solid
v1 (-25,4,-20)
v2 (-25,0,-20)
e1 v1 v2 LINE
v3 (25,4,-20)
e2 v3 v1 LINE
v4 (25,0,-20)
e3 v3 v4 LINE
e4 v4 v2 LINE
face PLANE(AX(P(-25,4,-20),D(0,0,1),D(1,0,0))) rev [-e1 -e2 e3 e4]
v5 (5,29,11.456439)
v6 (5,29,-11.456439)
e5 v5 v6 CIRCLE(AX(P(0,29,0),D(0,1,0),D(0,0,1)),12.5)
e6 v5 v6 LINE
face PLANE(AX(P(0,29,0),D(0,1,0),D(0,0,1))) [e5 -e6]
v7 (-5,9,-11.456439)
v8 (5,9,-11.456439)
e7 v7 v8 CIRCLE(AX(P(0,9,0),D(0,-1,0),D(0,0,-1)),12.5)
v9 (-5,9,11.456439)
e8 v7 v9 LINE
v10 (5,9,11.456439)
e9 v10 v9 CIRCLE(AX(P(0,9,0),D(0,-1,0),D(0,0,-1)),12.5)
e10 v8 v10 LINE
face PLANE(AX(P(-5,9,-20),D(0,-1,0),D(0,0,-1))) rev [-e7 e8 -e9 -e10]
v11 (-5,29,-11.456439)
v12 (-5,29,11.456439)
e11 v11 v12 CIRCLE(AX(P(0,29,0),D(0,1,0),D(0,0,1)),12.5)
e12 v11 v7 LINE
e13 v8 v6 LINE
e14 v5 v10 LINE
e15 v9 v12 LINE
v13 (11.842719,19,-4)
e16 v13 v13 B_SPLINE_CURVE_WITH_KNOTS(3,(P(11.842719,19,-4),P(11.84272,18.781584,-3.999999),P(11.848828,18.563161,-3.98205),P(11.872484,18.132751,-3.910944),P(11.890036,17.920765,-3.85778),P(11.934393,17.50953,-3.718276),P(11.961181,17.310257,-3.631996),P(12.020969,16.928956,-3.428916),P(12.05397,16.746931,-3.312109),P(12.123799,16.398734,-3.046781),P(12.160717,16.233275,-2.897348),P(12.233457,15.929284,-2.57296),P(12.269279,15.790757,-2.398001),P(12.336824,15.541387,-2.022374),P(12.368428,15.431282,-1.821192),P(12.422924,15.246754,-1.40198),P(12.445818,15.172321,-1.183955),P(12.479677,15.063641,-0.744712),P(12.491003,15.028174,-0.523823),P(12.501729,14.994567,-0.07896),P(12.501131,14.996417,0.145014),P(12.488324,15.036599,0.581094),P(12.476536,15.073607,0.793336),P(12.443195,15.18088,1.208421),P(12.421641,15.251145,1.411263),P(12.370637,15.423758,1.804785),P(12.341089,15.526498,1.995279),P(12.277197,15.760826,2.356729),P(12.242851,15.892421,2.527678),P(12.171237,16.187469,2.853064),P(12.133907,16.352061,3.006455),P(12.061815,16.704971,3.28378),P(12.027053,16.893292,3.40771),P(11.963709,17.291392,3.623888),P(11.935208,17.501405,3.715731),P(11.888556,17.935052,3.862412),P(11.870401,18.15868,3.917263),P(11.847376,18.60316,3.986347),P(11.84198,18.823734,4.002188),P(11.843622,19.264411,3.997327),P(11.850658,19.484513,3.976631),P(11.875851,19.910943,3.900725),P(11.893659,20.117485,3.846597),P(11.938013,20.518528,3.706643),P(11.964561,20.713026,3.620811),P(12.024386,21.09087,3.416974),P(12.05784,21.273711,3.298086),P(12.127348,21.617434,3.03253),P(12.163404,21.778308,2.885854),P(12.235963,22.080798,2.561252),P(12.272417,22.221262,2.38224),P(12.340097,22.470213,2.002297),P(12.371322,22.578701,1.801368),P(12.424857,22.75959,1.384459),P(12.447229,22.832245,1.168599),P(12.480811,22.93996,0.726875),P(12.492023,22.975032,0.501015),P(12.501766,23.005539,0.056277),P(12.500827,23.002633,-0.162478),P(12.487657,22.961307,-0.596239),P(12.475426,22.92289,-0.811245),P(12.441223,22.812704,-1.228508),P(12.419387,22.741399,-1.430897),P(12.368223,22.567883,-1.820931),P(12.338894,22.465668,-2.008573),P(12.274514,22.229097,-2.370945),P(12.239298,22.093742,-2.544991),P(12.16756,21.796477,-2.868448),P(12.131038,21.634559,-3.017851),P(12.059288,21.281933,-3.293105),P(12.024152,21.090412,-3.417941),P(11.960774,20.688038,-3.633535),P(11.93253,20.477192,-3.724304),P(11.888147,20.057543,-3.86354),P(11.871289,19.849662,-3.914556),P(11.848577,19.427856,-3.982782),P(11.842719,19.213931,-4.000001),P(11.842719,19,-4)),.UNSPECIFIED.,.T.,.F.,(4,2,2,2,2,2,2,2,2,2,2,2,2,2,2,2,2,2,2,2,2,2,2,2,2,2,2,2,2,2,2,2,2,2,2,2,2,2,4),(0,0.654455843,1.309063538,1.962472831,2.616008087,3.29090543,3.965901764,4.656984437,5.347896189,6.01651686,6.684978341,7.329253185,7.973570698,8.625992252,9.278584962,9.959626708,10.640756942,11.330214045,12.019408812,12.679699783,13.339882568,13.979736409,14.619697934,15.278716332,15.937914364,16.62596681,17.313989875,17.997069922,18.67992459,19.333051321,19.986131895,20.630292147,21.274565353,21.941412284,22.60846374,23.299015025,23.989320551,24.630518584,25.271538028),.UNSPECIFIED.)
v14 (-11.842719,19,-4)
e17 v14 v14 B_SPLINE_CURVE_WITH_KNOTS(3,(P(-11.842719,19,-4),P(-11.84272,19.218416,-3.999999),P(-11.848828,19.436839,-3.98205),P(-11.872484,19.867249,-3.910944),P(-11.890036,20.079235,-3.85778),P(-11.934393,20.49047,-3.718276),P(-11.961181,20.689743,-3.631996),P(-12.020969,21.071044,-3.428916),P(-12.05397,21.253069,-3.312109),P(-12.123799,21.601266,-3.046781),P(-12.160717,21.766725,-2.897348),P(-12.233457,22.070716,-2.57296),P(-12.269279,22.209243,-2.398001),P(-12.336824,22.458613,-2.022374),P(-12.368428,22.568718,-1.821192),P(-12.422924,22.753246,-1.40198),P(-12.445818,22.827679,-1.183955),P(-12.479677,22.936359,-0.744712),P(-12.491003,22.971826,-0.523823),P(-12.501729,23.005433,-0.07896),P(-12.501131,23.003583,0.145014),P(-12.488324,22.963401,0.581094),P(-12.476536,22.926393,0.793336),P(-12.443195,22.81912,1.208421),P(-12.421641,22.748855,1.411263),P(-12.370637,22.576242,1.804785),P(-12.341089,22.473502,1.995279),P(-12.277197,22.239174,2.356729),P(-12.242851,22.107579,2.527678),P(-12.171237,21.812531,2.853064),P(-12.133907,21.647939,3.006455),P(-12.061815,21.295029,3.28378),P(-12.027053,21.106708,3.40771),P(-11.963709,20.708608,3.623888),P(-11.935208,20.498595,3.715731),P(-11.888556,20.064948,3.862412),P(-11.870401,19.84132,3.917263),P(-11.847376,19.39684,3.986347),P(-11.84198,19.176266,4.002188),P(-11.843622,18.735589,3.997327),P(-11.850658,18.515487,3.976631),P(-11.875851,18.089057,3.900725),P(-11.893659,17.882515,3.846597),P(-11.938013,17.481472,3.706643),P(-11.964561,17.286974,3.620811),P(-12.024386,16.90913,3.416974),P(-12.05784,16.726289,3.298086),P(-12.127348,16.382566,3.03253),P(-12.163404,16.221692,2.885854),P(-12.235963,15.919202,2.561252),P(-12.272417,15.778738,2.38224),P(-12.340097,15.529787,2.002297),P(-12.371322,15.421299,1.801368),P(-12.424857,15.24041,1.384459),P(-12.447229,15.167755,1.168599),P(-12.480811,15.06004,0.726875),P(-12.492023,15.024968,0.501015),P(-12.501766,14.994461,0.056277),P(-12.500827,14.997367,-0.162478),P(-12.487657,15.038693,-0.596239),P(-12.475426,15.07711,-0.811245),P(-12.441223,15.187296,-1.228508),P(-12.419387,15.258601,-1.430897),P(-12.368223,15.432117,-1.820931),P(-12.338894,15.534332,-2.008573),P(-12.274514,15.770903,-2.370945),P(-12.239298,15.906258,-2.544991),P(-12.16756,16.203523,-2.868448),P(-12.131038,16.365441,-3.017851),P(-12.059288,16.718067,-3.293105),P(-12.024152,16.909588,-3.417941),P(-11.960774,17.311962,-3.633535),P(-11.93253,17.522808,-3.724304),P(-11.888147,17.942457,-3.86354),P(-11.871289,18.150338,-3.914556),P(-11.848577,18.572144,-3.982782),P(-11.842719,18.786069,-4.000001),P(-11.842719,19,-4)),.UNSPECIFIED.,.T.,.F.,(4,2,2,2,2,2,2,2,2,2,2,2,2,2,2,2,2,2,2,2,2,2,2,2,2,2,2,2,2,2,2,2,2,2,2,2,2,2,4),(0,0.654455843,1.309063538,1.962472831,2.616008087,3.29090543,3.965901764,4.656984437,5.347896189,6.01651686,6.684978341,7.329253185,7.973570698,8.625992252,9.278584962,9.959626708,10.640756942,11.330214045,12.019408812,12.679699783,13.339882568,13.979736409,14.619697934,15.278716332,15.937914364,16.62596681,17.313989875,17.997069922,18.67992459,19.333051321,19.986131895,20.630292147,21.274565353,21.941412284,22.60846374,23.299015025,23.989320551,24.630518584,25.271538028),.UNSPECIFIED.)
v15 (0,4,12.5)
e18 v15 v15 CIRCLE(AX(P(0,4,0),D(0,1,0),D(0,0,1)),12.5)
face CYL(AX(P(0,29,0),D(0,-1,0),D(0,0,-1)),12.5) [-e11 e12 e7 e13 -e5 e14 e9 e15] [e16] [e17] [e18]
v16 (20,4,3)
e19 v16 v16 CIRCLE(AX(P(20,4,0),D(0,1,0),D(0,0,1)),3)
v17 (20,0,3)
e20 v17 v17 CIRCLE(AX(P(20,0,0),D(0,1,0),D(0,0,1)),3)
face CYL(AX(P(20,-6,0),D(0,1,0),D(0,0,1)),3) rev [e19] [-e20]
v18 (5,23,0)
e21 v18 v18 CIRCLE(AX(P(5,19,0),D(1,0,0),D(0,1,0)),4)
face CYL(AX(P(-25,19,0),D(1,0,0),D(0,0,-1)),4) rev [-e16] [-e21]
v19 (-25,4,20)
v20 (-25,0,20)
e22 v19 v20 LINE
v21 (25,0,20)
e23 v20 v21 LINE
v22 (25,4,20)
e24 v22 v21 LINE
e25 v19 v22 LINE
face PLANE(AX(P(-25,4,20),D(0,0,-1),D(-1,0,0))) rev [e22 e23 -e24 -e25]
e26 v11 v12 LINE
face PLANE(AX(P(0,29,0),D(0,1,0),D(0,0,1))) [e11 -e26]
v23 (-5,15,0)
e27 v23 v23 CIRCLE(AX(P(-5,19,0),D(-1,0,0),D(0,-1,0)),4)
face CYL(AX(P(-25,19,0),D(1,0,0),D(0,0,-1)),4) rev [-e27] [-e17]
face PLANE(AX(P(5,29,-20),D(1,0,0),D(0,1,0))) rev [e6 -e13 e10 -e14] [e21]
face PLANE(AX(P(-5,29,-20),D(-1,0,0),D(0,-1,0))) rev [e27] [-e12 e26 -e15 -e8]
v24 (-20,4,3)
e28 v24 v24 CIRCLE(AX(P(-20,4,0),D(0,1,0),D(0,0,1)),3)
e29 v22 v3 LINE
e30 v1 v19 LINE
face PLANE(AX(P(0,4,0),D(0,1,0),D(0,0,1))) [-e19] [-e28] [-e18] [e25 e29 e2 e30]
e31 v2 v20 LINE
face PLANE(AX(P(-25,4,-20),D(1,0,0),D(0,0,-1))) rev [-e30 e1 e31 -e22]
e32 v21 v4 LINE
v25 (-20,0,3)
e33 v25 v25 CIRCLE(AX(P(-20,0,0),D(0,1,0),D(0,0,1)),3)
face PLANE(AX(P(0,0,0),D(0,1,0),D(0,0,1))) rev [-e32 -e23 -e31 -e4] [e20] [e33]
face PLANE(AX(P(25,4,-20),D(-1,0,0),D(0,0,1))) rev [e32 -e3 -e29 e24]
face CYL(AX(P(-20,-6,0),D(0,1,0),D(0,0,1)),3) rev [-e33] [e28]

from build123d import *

# Parameters (mm, degrees)
SKETCH_1_W               = 50
SKETCH_1_H               = 40
EXTRUDE_1_DEPTH          = 4
SKETCH_2_R               = 12.5
EXTRUDE_2_DEPTH          = 25
SKETCH_3_W               = 10
SKETCH_3_H               = 20
CUT_EXTRUDE_1_DEPTH      = 20
SKETCH_4_R               = 4
CUT_EXTRUDE_2_DEPTH      = 26
CUT_EXTRUDE_2_DEPTH_BACK = 26
SKETCH_5_R               = 3
CUT_EXTRUDE_3_DEPTH      = 10


with BuildPart() as part:
    # 草图1 → 凸台-拉伸1 (new body)
    with BuildSketch(Plane(origin=(0, 0, 0), x_dir=(1, 0, 0), z_dir=(0, 1, 0))):
        Rectangle(SKETCH_1_W, SKETCH_1_H)
    extrude(amount=EXTRUDE_1_DEPTH)

    # 草图2 → 凸台-拉伸2 (add)
    with BuildSketch(Plane(origin=(0, 4, 0), x_dir=(1, 0, 0), z_dir=(0, 1, 0))):
        Circle(SKETCH_2_R)
    extrude(amount=EXTRUDE_2_DEPTH)

    # 草图3 → 切除-拉伸1 (cut, symmetric)
    with BuildSketch(Plane.XY):
        with Locations((0, 19)):
            Rectangle(SKETCH_3_W, SKETCH_3_H)
    extrude(amount=CUT_EXTRUDE_1_DEPTH, both=True, mode=Mode.SUBTRACT)

    # 草图4 → 切除-拉伸2 (cut, two sides)
    with BuildSketch(Plane(origin=(0, 0, 0), x_dir=(0, 0, -1), z_dir=(1, 0, 0))) as cut_extrude_2_sk:
        with Locations((0, 19)):
            Circle(SKETCH_4_R)
    extrude(amount=CUT_EXTRUDE_2_DEPTH, mode=Mode.SUBTRACT)
    extrude(cut_extrude_2_sk.sketch, amount=-CUT_EXTRUDE_2_DEPTH_BACK, mode=Mode.SUBTRACT)

    # 草图5 → 切除-拉伸3 (cut)
    with BuildSketch(Plane(origin=(0, 4, 0), x_dir=(1, 0, 0), z_dir=(0, 1, 0))):
        with Locations((-20, 0)):
            Circle(SKETCH_5_R)
        with Locations((20, 0)):
            Circle(SKETCH_5_R)
    extrude(amount=-CUT_EXTRUDE_3_DEPTH, mode=Mode.SUBTRACT)


solid = part.part
